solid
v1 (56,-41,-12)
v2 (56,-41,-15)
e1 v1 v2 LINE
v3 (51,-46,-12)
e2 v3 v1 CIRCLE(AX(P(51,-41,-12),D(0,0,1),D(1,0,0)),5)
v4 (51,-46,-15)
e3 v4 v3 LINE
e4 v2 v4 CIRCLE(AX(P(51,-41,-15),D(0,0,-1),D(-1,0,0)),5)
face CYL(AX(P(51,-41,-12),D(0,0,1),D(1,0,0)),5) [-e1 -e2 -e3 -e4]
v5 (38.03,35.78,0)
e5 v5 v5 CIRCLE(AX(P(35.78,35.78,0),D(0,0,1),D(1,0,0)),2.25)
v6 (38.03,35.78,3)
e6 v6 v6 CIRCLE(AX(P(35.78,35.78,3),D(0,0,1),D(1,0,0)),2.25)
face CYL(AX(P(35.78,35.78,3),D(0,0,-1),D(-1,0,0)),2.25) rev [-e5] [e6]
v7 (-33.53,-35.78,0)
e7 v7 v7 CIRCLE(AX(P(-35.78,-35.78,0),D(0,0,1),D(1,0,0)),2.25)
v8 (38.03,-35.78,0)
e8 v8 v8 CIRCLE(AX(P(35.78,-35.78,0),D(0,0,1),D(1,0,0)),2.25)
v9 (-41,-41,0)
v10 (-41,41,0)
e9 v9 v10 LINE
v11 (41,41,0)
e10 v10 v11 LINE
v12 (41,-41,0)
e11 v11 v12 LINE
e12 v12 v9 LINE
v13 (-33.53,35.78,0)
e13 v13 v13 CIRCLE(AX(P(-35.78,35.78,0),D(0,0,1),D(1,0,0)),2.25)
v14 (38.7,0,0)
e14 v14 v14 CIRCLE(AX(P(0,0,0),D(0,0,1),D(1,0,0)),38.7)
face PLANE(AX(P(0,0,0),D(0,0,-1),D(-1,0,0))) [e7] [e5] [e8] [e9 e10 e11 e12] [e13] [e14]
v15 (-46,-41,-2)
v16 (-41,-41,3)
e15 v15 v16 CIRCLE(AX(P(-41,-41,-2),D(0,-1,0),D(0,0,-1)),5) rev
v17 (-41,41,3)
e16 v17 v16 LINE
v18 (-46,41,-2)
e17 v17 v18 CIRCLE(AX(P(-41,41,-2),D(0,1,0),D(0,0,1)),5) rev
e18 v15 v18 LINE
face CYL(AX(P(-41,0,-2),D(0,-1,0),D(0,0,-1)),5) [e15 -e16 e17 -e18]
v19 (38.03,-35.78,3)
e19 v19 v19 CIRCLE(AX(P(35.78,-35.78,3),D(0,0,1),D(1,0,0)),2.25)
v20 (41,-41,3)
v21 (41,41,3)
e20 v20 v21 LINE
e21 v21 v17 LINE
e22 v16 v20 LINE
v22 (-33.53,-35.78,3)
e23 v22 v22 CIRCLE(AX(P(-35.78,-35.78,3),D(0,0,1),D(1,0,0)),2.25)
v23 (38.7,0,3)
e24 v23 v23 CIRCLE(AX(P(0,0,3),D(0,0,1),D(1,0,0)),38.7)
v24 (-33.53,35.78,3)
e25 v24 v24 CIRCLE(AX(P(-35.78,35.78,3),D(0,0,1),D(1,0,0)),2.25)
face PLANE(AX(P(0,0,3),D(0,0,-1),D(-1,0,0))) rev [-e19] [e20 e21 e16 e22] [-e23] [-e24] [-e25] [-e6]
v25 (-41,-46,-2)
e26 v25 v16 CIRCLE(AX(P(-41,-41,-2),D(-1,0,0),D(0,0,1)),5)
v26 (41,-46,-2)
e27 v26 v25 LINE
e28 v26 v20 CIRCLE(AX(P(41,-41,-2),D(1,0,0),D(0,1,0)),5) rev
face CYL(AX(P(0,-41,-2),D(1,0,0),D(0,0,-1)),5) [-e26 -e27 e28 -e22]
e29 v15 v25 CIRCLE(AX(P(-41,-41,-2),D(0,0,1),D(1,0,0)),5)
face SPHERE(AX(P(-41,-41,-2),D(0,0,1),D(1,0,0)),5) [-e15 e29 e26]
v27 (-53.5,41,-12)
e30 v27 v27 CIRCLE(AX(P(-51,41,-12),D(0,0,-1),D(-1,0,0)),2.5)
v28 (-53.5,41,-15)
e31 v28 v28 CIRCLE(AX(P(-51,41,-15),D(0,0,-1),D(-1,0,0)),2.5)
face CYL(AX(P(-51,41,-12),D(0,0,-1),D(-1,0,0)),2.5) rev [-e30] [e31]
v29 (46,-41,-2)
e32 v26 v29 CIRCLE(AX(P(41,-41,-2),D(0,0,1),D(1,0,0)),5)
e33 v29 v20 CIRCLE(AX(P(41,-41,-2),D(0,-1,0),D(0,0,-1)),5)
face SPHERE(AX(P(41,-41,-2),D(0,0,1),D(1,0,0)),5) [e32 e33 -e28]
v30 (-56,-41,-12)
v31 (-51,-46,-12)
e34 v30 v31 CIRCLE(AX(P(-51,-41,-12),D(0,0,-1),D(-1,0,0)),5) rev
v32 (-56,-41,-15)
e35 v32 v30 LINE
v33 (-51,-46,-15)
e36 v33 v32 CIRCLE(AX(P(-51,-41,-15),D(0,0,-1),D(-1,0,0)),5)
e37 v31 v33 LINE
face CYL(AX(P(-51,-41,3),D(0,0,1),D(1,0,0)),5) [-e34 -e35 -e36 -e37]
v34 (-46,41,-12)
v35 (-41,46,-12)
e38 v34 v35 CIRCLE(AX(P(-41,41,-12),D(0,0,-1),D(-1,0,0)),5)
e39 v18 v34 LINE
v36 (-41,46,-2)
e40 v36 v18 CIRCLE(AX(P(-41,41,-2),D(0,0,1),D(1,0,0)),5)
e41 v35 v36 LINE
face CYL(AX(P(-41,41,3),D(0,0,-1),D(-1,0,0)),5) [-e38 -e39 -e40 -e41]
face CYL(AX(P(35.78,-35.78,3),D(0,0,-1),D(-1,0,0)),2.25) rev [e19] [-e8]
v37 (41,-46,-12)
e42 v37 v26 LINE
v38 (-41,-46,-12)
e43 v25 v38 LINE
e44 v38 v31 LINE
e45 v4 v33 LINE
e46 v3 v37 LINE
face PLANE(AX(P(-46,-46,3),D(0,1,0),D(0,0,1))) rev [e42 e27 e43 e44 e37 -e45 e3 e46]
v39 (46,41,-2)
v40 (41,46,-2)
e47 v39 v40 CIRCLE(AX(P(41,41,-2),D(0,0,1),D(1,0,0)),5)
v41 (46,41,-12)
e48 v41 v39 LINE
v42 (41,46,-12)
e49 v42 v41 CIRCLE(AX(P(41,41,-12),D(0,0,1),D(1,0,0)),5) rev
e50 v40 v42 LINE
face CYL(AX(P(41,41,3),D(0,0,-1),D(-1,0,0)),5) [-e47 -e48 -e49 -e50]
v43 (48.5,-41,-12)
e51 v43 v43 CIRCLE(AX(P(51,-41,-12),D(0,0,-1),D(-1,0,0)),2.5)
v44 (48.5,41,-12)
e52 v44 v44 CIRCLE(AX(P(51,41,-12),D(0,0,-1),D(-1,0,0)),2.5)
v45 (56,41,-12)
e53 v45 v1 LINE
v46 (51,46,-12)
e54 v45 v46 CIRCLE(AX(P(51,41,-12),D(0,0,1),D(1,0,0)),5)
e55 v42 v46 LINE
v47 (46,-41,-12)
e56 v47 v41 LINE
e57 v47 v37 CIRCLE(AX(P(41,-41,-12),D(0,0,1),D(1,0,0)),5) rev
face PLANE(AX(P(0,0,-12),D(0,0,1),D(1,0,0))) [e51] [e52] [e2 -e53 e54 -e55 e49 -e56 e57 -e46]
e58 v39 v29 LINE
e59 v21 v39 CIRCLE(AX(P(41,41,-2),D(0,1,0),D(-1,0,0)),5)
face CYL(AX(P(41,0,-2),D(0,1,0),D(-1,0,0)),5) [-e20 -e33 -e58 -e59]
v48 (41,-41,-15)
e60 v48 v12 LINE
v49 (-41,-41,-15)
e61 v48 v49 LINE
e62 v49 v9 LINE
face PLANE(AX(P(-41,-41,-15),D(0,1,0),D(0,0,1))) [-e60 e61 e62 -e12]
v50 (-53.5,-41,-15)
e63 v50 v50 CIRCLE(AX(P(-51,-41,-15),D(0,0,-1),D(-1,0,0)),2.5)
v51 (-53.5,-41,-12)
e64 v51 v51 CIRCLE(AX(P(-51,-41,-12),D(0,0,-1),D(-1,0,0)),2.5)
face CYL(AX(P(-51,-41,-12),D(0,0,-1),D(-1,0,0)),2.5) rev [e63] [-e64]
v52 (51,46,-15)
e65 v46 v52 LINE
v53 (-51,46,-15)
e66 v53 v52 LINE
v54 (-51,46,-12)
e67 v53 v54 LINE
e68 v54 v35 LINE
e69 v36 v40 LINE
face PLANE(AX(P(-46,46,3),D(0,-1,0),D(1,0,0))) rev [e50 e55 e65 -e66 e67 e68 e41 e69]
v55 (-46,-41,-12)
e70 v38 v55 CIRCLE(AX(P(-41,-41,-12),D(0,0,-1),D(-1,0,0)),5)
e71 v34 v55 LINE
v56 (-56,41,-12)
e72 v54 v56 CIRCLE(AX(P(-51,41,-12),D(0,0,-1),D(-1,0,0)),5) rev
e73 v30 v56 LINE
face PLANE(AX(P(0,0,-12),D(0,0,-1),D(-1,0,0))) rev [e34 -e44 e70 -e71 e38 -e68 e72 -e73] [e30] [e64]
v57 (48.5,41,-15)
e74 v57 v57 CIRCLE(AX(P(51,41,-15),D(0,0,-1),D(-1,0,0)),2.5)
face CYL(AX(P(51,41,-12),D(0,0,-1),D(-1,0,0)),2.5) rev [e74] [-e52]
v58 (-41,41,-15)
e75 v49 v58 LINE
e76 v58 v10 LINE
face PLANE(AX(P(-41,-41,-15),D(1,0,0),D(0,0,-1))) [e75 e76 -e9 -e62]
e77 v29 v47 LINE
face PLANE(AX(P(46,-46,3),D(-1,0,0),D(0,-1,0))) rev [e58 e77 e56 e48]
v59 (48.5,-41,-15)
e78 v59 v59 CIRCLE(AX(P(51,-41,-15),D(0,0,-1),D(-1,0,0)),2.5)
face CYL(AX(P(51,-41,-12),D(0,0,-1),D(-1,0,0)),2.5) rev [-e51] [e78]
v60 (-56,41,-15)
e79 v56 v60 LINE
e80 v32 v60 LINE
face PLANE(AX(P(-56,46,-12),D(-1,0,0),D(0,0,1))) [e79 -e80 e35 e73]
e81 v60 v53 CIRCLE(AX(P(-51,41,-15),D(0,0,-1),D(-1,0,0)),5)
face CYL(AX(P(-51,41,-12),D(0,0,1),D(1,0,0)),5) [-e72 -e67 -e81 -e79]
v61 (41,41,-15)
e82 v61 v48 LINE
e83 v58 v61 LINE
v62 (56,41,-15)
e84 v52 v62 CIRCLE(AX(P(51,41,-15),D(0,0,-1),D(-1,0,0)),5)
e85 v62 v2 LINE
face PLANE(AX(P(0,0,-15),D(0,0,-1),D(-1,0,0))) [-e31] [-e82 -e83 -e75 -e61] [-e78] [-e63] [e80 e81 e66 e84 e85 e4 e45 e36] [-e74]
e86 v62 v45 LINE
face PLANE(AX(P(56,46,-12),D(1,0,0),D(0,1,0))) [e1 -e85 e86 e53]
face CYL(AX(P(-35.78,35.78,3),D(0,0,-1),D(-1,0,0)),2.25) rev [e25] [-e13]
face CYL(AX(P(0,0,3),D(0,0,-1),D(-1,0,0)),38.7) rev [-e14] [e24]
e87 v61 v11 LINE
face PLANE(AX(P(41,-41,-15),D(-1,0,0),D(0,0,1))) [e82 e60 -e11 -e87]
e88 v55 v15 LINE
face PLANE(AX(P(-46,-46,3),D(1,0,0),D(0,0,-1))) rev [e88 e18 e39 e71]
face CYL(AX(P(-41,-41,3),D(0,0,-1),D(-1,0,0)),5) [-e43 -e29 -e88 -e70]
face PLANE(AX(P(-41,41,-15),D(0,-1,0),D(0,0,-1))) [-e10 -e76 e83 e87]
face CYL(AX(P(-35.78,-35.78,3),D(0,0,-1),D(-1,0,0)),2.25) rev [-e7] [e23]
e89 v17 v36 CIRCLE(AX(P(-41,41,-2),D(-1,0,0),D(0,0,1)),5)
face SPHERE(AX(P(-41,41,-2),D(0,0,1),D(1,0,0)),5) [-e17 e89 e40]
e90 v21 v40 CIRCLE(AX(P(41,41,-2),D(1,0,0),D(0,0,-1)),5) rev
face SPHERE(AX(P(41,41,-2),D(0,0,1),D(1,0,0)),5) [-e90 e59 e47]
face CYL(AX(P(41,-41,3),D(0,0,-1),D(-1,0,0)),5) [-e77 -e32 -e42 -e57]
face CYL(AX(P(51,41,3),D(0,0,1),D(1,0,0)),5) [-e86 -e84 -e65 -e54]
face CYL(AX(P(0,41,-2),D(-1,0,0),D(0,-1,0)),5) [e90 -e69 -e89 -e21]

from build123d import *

# Parameters (mm, degrees)
SKETCH1_W           = 92
SKETCH1_H           = 92
SKETCH1_R           = 38.7
SKETCH1_R_2         = 2.25
BOSS_EXTRUDE1_DEPTH = 3
SKETCH2_W           = 92
SKETCH2_H           = 92
SKETCH2_W_2         = 82
SKETCH2_H_2         = 82
BOSS_EXTRUDE2_DEPTH = 15
SKETCH3_W           = 10
SKETCH3_H           = 92
SKETCH3_R           = 2.5
BOSS_EXTRUDE3_DEPTH = 3
FILLET1_R           = 5


with BuildPart() as part:
    # Sketch1 → Boss-Extrude1 (new body)
    with BuildSketch(Plane.XY):
        Rectangle(SKETCH1_W, SKETCH1_H)
        Circle(SKETCH1_R, mode=Mode.SUBTRACT)
        with Locations((-35.78, 35.78)):
            Circle(SKETCH1_R_2, mode=Mode.SUBTRACT)
        with Locations((35.78, 35.78)):
            Circle(SKETCH1_R_2, mode=Mode.SUBTRACT)
        with Locations((35.78, -35.78)):
            Circle(SKETCH1_R_2, mode=Mode.SUBTRACT)
        with Locations((-35.78, -35.78)):
            Circle(SKETCH1_R_2, mode=Mode.SUBTRACT)
    extrude(amount=BOSS_EXTRUDE1_DEPTH)

    # Sketch2 → Boss-Extrude2 (add)
    with BuildSketch(Plane(origin=(0, 0, 0), x_dir=(-1, 0, 0), z_dir=(0, 0, -1))):
        Rectangle(SKETCH2_W, SKETCH2_H)
        Rectangle(SKETCH2_W_2, SKETCH2_H_2, mode=Mode.SUBTRACT)
    extrude(amount=BOSS_EXTRUDE2_DEPTH)

    # Sketch3 → Boss-Extrude3 (add)
    # profile 1 of 2: a face of its own
    with BuildSketch(Plane(origin=(0, 0, -15), x_dir=(-1, 0, 0), z_dir=(0, 0, -1))):
        with Locations((-51, 0)):
            Rectangle(SKETCH3_W, SKETCH3_H)
        with Locations((-51, 41)):
            Circle(SKETCH3_R, mode=Mode.SUBTRACT)
        with Locations((-51, -41)):
            Circle(SKETCH3_R, mode=Mode.SUBTRACT)
    # profile 2 of 2: a face of its own
    with BuildSketch(Plane(origin=(0, 0, -15), x_dir=(-1, 0, 0), z_dir=(0, 0, -1))):
        with Locations((51, 0)):
            Rectangle(SKETCH3_W, SKETCH3_H)
        with Locations((51, 41)):
            Circle(SKETCH3_R, mode=Mode.SUBTRACT)
        with Locations((51, -41)):
            Circle(SKETCH3_R, mode=Mode.SUBTRACT)
    extrude(amount=-BOSS_EXTRUDE3_DEPTH)

    # Fillet1
    fillet1_edges = [part.edges().sort_by_distance(p)[0] for p in [
        (46, 0, 3),
        (0, 46, 3),
        (-46, 0, 3),
        (56, -46, -13.5),
        (56, 46, -13.5),
        (-56, 46, -13.5),
        (-56, -46, -13.5),
        (-46, 46, -4.5),
        (46, 46, -4.5),
        (46, -46, -4.5),
        (-46, -46, -4.5),
        (0, -46, 3),
    ]]
    fillet(fillet1_edges, radius=FILLET1_R)


solid = part.part
